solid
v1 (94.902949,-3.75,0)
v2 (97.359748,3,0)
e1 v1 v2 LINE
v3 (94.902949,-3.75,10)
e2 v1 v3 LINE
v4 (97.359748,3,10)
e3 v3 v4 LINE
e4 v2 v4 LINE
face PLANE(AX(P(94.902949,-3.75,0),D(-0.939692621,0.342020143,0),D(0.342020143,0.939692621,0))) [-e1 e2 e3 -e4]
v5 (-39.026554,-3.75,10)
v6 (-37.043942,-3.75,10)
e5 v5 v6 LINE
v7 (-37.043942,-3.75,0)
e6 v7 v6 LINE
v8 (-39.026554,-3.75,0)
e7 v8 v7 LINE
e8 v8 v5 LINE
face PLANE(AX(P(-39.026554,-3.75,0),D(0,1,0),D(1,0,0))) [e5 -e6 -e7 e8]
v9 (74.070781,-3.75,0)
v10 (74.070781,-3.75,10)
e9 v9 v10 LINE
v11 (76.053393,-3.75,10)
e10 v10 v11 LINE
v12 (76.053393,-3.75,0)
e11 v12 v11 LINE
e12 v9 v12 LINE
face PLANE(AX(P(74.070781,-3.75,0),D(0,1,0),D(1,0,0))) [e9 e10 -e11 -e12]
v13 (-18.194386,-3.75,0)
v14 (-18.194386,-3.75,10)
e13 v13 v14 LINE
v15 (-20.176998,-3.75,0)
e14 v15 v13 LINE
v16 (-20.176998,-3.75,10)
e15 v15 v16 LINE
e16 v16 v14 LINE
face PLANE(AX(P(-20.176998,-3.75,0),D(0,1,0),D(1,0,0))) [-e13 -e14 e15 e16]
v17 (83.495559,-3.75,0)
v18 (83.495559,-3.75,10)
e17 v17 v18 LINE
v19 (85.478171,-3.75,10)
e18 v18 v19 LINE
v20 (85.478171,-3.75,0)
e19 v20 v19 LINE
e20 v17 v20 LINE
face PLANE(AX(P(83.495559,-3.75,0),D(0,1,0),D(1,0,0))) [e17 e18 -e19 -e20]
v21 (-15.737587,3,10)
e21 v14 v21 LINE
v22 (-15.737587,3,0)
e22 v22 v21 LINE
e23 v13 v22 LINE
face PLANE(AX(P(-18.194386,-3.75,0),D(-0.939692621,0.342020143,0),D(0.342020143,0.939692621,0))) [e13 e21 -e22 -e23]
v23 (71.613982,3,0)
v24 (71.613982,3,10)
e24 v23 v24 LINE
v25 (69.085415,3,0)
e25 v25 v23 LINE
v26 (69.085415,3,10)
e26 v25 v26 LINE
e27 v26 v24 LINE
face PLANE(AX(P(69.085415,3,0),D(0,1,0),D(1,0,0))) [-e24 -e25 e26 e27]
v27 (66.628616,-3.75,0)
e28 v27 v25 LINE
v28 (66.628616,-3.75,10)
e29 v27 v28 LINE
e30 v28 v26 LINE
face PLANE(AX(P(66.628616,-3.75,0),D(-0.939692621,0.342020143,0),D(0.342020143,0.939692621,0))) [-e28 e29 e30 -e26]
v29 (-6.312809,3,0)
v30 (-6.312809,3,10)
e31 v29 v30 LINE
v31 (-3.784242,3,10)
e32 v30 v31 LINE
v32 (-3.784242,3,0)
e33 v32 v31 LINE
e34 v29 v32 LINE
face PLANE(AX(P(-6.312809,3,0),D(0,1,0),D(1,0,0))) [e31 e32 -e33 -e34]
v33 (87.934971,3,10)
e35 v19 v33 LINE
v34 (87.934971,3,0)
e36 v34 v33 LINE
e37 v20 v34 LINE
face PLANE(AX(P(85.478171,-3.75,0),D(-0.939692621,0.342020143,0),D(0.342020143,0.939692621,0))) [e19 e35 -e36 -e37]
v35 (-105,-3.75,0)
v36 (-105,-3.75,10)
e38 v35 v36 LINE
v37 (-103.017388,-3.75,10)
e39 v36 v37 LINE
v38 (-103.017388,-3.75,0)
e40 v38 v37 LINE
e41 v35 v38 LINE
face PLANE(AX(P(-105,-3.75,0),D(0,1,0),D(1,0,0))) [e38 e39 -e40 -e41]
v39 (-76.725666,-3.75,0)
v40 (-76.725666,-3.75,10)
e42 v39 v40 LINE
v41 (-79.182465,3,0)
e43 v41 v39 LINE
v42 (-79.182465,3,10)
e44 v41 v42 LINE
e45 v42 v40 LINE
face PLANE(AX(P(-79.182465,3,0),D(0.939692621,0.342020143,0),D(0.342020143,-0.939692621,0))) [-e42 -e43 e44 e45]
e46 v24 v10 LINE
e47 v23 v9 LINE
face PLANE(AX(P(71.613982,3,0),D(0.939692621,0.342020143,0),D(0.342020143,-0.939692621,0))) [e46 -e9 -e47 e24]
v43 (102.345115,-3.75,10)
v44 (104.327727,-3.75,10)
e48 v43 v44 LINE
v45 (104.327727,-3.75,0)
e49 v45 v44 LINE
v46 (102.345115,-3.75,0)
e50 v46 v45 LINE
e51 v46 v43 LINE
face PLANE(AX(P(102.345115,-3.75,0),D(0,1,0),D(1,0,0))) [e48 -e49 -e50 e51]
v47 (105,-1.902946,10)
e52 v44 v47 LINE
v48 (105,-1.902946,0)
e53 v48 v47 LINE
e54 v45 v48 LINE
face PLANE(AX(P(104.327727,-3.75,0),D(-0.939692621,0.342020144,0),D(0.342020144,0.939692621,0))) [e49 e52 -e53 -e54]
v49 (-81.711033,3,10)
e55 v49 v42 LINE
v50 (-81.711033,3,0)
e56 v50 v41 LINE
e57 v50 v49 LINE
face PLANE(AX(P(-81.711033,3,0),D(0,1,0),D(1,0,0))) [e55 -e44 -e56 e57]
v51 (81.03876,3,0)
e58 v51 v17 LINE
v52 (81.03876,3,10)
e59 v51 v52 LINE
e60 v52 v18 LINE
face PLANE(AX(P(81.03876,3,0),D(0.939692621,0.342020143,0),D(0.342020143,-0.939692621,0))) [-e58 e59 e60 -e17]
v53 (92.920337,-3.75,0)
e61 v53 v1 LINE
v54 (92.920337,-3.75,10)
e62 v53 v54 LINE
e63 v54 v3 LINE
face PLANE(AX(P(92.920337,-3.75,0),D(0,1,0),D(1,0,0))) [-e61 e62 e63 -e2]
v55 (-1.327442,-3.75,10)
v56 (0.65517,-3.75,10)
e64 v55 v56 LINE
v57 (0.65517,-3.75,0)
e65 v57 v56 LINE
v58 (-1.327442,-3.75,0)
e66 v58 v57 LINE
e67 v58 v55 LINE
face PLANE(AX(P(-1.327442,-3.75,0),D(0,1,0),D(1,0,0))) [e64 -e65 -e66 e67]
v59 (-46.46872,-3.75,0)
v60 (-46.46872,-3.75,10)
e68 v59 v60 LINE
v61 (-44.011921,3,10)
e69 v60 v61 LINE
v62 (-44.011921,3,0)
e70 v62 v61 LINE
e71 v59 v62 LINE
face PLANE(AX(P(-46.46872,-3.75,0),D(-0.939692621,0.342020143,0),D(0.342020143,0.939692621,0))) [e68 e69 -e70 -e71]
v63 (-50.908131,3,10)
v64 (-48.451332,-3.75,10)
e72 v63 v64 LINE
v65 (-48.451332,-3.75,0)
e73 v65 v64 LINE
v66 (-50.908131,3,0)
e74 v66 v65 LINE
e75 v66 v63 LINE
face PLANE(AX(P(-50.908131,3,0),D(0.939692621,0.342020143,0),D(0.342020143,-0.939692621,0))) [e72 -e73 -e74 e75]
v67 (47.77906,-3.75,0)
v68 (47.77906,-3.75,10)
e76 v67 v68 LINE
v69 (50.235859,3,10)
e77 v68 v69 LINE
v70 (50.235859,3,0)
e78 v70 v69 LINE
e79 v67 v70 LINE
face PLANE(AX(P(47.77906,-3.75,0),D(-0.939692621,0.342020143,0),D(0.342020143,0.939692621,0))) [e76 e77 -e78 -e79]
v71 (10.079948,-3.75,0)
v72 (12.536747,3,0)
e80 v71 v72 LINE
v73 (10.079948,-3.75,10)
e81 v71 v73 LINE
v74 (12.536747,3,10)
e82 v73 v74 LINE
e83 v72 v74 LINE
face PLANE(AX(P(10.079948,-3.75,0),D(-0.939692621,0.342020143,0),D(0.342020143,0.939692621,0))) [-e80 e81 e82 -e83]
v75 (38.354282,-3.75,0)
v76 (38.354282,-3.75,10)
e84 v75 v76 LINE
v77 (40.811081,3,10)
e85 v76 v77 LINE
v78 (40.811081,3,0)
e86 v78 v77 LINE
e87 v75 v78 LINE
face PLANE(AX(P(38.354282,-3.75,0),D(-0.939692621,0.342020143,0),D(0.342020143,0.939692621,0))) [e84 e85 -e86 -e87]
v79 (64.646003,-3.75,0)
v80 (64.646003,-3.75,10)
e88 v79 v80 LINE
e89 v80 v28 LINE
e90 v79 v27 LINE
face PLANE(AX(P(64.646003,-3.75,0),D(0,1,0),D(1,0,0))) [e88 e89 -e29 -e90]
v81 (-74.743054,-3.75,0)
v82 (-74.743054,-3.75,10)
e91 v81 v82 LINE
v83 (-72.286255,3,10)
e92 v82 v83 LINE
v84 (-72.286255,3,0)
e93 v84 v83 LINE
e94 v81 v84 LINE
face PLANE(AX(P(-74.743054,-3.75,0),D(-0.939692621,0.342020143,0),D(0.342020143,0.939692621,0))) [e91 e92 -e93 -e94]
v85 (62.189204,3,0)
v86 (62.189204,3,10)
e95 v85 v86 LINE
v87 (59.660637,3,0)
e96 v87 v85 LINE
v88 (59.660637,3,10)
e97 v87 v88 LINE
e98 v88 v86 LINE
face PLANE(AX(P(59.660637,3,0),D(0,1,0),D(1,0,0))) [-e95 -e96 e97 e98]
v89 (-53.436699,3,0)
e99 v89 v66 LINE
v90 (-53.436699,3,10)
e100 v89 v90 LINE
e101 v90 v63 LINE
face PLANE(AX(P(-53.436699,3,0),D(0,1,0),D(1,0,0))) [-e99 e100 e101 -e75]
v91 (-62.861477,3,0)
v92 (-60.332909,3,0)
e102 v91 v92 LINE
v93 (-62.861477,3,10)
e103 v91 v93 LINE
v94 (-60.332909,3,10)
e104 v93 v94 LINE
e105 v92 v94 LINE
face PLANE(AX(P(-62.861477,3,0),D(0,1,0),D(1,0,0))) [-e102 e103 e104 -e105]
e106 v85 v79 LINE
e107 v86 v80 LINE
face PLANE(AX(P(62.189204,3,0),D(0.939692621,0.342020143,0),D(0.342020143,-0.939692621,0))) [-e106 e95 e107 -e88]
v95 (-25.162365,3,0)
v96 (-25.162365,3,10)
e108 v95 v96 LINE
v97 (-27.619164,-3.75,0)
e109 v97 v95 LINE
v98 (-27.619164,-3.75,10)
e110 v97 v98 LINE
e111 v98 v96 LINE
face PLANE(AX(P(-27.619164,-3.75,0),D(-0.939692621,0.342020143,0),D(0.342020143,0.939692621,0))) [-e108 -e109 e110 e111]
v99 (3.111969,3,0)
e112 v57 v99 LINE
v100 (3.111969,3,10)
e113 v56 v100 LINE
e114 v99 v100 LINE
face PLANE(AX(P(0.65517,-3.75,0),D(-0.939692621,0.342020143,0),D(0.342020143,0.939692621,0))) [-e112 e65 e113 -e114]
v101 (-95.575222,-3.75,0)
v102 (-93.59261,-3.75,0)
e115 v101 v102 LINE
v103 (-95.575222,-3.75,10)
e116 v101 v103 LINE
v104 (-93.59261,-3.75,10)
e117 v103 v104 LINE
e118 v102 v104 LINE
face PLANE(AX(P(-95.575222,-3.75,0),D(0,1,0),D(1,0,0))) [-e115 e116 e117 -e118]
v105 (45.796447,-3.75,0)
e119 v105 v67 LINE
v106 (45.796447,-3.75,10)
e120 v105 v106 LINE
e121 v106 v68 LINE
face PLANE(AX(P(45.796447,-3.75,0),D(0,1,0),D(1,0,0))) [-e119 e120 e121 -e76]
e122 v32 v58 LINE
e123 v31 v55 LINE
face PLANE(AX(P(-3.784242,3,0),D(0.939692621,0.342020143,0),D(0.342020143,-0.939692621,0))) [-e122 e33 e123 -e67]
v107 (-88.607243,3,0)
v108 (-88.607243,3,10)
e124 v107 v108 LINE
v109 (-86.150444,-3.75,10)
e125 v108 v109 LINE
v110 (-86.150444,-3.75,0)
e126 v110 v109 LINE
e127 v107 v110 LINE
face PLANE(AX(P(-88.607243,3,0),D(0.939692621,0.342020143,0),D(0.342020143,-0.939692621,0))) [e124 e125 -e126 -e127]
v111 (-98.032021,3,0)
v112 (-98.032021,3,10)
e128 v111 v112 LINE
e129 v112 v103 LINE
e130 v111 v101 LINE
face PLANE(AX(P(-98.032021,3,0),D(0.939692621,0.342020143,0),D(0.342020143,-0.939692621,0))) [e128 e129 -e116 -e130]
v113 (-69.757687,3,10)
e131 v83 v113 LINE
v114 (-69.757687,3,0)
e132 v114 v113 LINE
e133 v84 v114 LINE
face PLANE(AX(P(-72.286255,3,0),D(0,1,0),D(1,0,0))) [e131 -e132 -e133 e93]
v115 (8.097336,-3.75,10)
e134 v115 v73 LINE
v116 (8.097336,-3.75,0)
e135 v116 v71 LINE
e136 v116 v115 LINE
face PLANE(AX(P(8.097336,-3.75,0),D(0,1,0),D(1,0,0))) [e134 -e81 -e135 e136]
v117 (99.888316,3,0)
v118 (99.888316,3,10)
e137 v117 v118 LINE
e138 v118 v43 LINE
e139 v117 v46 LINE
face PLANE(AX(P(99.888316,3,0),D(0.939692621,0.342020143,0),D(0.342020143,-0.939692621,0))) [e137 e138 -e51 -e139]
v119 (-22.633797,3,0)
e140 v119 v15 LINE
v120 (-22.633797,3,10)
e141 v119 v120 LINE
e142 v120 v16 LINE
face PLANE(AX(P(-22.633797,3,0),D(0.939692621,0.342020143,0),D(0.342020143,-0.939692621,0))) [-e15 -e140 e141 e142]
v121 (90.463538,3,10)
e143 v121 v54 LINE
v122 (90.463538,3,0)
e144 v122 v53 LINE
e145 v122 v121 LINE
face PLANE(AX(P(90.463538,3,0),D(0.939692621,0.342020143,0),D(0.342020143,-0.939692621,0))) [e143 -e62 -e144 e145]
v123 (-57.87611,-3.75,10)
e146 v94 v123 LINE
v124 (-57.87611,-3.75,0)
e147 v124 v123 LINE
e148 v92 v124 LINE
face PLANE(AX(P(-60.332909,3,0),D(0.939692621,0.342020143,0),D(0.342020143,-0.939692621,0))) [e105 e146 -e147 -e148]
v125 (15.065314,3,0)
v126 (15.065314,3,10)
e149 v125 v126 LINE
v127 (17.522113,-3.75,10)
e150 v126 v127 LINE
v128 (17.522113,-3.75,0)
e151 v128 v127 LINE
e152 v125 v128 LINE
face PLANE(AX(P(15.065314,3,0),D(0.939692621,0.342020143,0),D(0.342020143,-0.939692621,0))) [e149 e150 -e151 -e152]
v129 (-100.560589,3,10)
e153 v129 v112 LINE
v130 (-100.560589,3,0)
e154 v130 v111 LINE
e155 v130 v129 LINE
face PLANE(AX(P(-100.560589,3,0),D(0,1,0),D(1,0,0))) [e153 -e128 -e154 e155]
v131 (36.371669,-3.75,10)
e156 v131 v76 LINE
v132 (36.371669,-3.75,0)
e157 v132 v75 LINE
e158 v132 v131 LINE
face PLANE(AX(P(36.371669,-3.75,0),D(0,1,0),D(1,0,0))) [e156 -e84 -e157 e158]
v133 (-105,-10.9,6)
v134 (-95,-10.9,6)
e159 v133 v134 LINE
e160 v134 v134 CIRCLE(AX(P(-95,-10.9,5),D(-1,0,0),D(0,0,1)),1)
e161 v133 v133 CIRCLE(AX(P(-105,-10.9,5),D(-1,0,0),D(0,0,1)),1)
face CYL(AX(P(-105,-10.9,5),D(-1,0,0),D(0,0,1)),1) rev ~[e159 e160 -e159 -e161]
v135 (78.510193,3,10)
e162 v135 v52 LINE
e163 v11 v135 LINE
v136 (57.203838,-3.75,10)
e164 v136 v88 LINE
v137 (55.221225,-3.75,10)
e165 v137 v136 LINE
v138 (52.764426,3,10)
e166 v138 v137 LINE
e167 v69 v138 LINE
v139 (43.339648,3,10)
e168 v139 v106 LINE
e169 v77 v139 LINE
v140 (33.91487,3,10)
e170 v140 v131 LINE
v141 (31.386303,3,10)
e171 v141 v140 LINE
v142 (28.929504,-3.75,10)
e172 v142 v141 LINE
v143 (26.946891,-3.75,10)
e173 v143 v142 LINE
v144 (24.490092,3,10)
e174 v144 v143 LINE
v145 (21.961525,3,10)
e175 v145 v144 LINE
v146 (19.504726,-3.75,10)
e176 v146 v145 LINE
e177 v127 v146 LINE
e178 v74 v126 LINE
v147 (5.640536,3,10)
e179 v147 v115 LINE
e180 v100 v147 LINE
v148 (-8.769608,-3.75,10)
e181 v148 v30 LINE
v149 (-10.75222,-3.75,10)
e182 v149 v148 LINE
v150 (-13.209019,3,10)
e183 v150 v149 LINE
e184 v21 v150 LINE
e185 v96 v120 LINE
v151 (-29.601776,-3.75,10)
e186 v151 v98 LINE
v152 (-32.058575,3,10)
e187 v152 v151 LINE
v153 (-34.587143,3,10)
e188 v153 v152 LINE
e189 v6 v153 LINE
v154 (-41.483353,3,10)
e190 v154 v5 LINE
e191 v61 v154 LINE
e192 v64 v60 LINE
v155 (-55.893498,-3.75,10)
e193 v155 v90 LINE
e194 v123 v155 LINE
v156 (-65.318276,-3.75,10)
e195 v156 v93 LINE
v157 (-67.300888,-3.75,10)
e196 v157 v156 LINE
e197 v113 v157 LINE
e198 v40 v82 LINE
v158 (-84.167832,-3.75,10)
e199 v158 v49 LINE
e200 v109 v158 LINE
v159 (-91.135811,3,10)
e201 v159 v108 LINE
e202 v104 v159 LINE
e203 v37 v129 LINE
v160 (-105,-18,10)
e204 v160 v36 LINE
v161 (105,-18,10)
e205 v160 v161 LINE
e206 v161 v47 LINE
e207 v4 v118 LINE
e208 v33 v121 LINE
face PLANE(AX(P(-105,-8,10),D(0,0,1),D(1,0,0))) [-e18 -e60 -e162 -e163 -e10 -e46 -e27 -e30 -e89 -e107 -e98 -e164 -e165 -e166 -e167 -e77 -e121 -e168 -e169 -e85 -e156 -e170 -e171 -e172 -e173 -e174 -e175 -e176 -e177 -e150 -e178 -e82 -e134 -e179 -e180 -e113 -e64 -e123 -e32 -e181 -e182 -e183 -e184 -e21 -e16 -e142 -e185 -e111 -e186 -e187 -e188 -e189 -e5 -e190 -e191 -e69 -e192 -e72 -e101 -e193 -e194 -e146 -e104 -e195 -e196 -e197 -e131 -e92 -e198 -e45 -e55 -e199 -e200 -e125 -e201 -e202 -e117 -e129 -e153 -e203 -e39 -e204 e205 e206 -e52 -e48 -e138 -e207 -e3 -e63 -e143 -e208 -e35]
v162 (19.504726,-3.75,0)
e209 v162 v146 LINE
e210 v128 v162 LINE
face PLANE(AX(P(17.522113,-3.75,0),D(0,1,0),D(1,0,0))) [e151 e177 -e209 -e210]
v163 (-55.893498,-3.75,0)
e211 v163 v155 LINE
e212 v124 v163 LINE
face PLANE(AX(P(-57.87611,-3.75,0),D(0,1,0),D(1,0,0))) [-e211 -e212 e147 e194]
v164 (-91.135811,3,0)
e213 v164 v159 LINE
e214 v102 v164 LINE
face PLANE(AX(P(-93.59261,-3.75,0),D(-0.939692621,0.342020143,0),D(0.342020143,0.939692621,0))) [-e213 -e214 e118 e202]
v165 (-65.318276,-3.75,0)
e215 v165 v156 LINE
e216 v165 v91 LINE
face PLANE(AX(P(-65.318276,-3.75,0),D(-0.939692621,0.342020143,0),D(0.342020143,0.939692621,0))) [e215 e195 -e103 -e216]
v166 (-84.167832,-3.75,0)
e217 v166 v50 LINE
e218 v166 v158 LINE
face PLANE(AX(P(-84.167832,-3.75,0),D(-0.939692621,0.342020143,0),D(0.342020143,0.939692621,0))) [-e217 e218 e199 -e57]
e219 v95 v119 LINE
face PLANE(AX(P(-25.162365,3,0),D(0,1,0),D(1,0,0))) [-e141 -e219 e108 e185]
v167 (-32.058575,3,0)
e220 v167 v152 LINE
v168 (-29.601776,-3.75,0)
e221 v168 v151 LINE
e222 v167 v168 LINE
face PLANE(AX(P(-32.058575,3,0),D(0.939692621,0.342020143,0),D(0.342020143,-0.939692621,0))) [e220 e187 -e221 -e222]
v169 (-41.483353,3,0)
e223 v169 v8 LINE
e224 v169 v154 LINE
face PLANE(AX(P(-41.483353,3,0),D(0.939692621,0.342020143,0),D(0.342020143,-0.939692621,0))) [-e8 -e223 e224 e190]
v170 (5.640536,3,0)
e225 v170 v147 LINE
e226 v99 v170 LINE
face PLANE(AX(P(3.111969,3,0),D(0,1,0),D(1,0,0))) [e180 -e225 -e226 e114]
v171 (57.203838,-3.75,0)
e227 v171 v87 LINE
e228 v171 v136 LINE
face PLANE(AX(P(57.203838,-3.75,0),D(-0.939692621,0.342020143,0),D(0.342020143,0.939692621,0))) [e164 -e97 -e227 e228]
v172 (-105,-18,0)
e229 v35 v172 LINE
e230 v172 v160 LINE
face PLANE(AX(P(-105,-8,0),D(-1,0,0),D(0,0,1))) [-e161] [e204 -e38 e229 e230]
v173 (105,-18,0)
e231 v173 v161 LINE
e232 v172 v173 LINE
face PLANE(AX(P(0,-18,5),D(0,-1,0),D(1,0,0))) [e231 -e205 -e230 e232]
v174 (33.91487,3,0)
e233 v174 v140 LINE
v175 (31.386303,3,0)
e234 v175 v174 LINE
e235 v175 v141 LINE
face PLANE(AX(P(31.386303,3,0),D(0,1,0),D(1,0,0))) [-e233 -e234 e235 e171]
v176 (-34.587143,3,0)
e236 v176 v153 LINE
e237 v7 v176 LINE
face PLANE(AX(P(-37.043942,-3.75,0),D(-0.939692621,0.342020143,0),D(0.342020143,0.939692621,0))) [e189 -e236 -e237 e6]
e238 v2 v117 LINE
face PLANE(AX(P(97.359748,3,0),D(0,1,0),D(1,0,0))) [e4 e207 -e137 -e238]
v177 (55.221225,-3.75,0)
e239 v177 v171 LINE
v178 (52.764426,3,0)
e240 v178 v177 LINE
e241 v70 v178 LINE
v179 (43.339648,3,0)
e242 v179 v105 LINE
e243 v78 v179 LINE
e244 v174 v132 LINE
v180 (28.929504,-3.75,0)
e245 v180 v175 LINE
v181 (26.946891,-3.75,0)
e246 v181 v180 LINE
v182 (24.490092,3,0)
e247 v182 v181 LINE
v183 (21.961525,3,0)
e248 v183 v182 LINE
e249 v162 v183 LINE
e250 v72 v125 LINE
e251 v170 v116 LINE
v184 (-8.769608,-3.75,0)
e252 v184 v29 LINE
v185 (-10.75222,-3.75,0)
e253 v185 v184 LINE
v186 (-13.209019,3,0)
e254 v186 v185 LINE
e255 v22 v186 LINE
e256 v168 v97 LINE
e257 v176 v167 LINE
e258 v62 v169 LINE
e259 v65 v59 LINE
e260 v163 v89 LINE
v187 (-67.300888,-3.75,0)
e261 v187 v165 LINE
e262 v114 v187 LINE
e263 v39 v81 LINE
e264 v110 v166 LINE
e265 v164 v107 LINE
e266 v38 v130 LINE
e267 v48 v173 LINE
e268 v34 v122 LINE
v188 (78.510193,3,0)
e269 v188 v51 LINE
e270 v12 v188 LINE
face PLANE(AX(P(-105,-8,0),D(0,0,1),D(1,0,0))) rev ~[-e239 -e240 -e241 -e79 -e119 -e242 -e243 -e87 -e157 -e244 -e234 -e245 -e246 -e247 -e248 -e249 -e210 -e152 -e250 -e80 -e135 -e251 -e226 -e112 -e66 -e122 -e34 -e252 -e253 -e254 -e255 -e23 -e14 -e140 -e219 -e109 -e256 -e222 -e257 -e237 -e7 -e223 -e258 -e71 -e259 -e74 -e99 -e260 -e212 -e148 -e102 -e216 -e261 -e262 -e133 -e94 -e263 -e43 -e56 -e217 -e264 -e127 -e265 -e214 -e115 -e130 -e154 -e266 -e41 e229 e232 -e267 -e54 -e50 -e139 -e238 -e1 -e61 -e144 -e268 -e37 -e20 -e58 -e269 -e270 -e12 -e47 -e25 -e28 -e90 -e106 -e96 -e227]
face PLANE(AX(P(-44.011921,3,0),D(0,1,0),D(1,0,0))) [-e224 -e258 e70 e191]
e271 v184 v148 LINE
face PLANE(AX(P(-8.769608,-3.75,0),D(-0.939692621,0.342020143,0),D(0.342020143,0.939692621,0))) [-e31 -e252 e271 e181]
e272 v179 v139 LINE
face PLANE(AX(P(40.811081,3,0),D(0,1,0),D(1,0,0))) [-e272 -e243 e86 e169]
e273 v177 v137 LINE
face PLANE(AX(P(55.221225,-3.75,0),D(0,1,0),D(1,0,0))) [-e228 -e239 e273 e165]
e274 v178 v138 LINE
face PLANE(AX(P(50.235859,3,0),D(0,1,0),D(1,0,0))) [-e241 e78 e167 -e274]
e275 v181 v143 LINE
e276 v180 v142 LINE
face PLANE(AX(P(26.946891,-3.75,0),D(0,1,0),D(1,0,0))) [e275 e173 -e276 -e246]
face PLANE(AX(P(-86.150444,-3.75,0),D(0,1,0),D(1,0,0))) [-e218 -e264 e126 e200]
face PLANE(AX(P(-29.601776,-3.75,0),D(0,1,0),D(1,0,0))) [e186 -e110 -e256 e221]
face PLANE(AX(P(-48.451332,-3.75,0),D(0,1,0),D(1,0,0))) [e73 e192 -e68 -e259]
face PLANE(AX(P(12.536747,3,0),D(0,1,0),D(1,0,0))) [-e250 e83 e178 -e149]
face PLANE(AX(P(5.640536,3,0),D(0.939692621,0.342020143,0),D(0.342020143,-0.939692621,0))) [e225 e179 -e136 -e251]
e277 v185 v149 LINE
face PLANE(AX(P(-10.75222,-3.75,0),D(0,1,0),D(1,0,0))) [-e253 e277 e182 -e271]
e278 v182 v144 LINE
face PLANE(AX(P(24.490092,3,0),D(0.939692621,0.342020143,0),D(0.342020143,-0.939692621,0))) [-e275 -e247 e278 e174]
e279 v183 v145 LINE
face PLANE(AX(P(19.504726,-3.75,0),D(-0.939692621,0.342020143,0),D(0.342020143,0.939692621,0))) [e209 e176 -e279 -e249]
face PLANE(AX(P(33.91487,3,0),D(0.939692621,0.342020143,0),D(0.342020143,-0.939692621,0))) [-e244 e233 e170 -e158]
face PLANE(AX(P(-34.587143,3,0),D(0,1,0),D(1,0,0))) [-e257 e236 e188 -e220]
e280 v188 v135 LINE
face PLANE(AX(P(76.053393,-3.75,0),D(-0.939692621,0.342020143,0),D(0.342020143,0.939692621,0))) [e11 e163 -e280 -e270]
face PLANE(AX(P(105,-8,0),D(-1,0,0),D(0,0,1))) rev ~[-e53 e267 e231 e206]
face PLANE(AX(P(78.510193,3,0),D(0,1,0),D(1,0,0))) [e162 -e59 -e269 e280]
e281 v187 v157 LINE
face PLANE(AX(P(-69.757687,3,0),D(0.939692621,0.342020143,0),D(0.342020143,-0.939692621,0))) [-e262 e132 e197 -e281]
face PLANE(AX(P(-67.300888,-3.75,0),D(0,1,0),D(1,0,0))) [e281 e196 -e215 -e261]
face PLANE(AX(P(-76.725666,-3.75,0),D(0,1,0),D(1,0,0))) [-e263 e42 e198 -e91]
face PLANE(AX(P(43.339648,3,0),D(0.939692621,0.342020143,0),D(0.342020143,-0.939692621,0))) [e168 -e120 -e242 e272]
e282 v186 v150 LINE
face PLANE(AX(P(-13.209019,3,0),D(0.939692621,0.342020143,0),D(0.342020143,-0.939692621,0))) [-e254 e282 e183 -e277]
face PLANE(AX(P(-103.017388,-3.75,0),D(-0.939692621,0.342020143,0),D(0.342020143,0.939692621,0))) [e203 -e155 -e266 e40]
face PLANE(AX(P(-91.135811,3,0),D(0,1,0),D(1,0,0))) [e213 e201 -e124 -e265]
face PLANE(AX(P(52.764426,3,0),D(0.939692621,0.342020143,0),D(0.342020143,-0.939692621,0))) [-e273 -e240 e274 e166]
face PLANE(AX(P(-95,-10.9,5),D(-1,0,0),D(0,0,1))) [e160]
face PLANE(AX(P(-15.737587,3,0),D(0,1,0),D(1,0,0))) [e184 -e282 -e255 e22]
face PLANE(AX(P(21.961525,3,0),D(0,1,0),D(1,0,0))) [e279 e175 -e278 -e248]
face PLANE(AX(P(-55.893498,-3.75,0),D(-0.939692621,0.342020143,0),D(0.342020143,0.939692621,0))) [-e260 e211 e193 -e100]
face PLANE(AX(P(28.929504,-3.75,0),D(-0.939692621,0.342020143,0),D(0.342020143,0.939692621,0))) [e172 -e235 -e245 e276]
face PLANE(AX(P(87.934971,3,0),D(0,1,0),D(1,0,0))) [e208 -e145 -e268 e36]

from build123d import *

# Parameters (mm, degrees)
BOSS_EXTRUDE1_DEPTH = 10
SKETCH3_W           = 210
SKETCH3_H           = 10
BOSS_EXTRUDE2_DEPTH = 10
SKETCH4_R           = 1
CUT_EXTRUDE1_DEPTH  = 10


with BuildPart() as part:
    # Sketch1 → Boss-Extrude1 (new body)
    with BuildSketch(Plane(origin=(0, 0, 0), x_dir=(-1, 0, 0), z_dir=(0, 0, -1))):
        Polygon((-105, -1.902946103), (-105, -8), (105, -8), (105, -3.75), (103.017387777, -3.75), (100.560588695, 3), (98.032021121, 3), (95.575222039, -3.75), (93.592609816, -3.75), (91.135810735, 3), (88.60724316, 3), (86.150444078, -3.75), (84.167831855, -3.75), (81.711032774, 3), (79.182465199, 3), (76.725666118, -3.75), (74.743053894, -3.75), (72.286254813, 3), (69.757687238, 3), (67.300888157, -3.75), (65.318275934, -3.75), (62.861476852, 3), (60.332909277, 3), (57.876110196, -3.75), (55.893497973, -3.75), (53.436698891, 3), (50.908131317, 3), (48.451332235, -3.75), (46.468720012, -3.75), (44.011920931, 3), (41.483353356, 3), (39.026554275, -3.75), (37.043942051, -3.75), (34.58714297, 3), (32.058575395, 3), (29.601776314, -3.75), (27.61916409, -3.75), (25.162365009, 3), (22.633797434, 3), (20.176998353, -3.75), (18.19438613, -3.75), (15.737587048, 3), (13.209019474, 3), (10.752220392, -3.75), (8.769608169, -3.75), (6.312809088, 3), (3.784241513, 3), (1.327442432, -3.75), (-0.655169792, -3.75), (-3.111968873, 3), (-5.640536448, 3), (-8.097335529, -3.75), (-10.079947753, -3.75), (-12.536746834, 3), (-15.065314409, 3), (-17.52211349, -3.75), (-19.504725713, -3.75), (-21.961524795, 3), (-24.490092369, 3), (-26.946891451, -3.75), (-28.929503674, -3.75), (-31.386302755, 3), (-33.91487033, 3), (-36.371669412, -3.75), (-38.354281635, -3.75), (-40.811080716, 3), (-43.339648291, 3), (-45.796447372, -3.75), (-47.779059596, -3.75), (-50.235858677, 3), (-52.764426252, 3), (-55.221225333, -3.75), (-57.203837556, -3.75), (-59.660636638, 3), (-62.189204213, 3), (-64.646003294, -3.75), (-66.628615517, -3.75), (-69.085414599, 3), (-71.613982173, 3), (-74.070781255, -3.75), (-76.053393478, -3.75), (-78.510192559, 3), (-81.038760134, 3), (-83.495559215, -3.75), (-85.478171439, -3.75), (-87.93497052, 3), (-90.463538095, 3), (-92.920337176, -3.75), (-94.9029494, -3.75), (-97.359748481, 3), (-99.888316056, 3), (-102.345115137, -3.75), (-104.32772736, -3.75), align=None)
    extrude(amount=-BOSS_EXTRUDE1_DEPTH)

    # Sketch3 → Boss-Extrude2 (add)
    with BuildSketch(Plane.XZ.offset(8)):
        with Locations((0, 5)):
            Rectangle(SKETCH3_W, SKETCH3_H)
    extrude(amount=BOSS_EXTRUDE2_DEPTH)

    # Sketch4 → Cut-Extrude1 (cut)
    with BuildSketch(Plane.ZY.offset(105)):
        with Locations((5, -10.9)):
            Circle(SKETCH4_R)
    extrude(amount=-CUT_EXTRUDE1_DEPTH, mode=Mode.SUBTRACT)


solid = part.part
